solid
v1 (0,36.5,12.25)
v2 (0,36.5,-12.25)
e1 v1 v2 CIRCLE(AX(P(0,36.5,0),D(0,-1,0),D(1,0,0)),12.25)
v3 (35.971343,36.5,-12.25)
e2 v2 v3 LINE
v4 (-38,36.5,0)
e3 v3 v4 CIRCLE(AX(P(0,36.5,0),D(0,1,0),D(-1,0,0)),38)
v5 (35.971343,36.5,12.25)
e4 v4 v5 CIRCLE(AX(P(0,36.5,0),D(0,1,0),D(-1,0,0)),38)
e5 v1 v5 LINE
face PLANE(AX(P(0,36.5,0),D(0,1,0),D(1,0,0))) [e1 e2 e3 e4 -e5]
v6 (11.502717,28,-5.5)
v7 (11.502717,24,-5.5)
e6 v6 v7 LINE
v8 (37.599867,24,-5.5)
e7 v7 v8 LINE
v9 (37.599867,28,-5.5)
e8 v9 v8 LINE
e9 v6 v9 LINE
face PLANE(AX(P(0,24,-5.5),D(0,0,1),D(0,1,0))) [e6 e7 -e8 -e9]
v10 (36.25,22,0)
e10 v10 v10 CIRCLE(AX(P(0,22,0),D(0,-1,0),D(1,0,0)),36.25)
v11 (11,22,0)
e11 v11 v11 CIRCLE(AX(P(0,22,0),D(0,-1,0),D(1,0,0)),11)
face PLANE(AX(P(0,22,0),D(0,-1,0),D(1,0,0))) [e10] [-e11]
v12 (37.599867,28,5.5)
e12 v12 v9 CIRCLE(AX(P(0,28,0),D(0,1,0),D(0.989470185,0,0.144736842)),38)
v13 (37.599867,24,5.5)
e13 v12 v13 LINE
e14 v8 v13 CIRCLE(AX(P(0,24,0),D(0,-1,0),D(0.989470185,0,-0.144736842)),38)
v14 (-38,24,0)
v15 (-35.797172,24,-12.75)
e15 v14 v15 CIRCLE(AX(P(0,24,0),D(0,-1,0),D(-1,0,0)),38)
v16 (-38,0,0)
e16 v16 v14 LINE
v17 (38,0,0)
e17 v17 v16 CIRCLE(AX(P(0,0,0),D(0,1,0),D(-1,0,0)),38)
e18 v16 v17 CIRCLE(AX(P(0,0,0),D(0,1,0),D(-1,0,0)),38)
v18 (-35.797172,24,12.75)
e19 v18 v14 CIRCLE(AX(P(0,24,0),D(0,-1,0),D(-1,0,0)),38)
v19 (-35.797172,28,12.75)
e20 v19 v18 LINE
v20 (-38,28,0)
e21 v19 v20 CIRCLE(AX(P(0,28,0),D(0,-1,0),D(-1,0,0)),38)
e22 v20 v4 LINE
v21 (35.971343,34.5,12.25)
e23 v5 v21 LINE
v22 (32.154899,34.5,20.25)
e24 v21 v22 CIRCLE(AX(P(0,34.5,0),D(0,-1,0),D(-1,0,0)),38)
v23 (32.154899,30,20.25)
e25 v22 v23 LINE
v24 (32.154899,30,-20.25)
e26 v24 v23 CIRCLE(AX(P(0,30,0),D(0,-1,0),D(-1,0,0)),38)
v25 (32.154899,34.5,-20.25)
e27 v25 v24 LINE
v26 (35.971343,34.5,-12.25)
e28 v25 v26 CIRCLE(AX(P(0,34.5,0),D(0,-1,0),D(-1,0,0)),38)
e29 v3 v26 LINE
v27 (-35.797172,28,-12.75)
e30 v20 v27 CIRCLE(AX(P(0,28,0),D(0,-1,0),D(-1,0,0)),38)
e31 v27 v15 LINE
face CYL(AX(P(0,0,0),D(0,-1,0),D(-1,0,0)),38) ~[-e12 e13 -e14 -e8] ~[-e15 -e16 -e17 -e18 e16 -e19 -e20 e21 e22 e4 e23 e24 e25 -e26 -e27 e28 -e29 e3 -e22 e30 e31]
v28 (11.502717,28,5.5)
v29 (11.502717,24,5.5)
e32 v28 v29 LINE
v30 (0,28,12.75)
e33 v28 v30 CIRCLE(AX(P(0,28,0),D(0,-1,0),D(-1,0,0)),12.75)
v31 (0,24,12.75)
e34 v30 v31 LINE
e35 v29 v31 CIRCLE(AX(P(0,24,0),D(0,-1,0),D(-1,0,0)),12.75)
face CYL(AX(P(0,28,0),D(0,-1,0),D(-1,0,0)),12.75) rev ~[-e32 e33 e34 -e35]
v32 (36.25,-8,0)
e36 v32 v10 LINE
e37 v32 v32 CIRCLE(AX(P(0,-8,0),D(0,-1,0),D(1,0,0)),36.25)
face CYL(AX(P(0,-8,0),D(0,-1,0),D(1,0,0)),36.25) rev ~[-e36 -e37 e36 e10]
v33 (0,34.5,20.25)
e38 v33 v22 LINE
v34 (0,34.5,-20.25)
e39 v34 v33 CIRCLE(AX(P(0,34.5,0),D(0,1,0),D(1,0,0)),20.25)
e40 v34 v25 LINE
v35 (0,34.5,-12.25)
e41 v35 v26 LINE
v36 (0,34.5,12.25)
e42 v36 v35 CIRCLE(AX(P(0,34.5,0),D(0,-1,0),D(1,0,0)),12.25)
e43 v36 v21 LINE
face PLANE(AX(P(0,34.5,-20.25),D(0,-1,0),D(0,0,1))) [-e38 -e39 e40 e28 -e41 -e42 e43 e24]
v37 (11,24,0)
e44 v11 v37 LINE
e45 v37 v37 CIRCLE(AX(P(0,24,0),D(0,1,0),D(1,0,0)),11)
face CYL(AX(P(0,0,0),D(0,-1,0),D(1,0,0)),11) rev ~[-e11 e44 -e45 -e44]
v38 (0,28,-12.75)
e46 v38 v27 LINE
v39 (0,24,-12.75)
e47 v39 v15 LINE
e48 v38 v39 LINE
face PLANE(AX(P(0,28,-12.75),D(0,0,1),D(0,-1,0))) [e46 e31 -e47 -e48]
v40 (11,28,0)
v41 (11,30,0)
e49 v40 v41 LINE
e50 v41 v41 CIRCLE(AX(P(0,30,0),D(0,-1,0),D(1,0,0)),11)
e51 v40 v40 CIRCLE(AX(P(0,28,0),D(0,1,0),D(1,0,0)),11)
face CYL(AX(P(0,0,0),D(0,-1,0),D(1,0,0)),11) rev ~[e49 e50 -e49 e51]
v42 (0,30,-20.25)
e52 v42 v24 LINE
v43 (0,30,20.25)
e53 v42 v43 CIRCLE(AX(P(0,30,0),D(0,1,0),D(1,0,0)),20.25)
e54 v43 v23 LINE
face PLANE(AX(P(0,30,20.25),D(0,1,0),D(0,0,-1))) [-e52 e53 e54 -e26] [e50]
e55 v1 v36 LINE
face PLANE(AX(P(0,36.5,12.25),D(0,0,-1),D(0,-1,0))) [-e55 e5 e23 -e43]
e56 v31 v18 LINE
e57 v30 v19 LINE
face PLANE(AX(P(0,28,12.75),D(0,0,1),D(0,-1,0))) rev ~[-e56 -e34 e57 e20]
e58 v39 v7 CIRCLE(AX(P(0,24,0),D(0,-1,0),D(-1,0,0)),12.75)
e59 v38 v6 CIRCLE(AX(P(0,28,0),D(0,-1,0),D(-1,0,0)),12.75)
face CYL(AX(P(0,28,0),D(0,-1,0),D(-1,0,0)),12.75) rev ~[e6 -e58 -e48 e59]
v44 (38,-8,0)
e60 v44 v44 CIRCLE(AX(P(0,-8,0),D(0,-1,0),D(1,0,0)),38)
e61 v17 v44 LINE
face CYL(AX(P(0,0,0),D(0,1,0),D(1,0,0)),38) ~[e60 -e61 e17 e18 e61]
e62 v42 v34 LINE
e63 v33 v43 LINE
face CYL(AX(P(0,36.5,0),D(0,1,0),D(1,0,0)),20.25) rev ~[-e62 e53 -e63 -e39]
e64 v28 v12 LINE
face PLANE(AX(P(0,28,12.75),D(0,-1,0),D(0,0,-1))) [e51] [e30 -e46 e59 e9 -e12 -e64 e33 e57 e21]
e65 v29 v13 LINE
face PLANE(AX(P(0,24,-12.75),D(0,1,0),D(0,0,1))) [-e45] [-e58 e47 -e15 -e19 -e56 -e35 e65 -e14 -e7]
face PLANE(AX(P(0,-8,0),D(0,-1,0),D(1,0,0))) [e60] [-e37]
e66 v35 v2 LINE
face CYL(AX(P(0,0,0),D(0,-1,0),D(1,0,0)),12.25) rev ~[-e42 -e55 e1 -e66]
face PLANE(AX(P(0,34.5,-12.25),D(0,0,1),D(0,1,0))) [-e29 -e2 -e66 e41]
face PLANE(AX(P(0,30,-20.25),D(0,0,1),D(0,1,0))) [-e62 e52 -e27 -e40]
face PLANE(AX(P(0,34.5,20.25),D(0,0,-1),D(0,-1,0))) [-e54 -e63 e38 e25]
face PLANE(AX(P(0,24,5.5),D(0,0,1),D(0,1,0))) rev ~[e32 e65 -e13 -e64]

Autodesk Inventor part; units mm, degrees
ref_plane "YZ Plane" through (0, 0, 0) normal (1, 0, 0) x (0, 1, 0)
ref_plane "XZ Plane" through (0, 0, 0) normal (0, 1, 0) x (-1, 0, 0)
ref_plane "XY Plane" through (0, 0, 0) normal (0, 0, 1) x (1, 0, 0)
sketch "スケッチ1" plane through (0, 0, 0) normal (0, 1, 0) x (-1, 0, 0)
  circle A0 centre (0, 0) radius 38
  dimension "d0" = 76
extrude "押し出し1" add sketch "スケッチ1" along normal blind 36.5
sketch "スケッチ3" plane through (0, 36.5, 0) normal (0, 1, 0) x (1, 0, 0)
  circle A0 centre (0, 0) radius 20.25
  dimension "d6" = 40.5
extrude "押し出し3" cut sketch "スケッチ3" against normal blind 6.5
sketch "スケッチ4" plane through (0, 36.5, 0) normal (0, 1, 0) x (1, 0, 0)
  circle A0 centre (0, 0) radius 20.25
extrude "押し出し4" add sketch "スケッチ4" against normal blind 2
sketch "スケッチ6" plane through (0, 0, 0) normal (0, -1, 0) x (1, 0, 0)
  circle A0 centre (0, 0) radius 12.25
  dimension "d13" = 24.5
extrude "押し出し5" cut sketch "スケッチ6" against normal through all
sketch "スケッチ7" plane through (0, 0, 0) normal (1, 0, 0) x (0, 1, 0)
  line L0 (34.5, -20.25) -> (34.5, 20.25) projected
  line L1 (30, 20.25) -> (30, -20.25) projected
  line L2 (34.5, 20.25) -> (30, 20.25)
  line L3 (30, 20.25) -> (30, -20.25)
  line L4 (30, -20.25) -> (34.5, -20.25)
  line L5 (34.5, -20.25) -> (34.5, 20.25)
  point P0 (0, 0)
extrude "押し出し6" cut sketch "スケッチ7" along normal through all
sketch "スケッチ8" plane through (0, 0, 0) normal (1, 0, 0) x (0, 1, 0)
  line L0 (36.5, 12.25) -> (36.5, -12.25) projected
  line L1 (34.5, -12.25) -> (34.5, 12.25) projected
  line L2 (36.5, 12.25) -> (34.5, 12.25)
  line L3 (34.5, 12.25) -> (34.5, -12.25)
  line L4 (34.5, -12.25) -> (36.5, -12.25)
  line L5 (36.5, -12.25) -> (36.5, 12.25)
  point P0 (0, 0)
extrude "押し出し7" cut sketch "スケッチ8" along normal through all
sketch "スケッチ10" plane through (0, 0, 0) normal (0, -1, 0) x (1, 0, 0)
  circle A0 centre (0, 0) radius 12.25
extrude "押し出し9" add sketch "スケッチ10" against normal blind 30
sketch "スケッチ11" plane through (0, 0, 0) normal (0, -1, 0) x (1, 0, 0)
  circle A0 centre (0, 0) radius 11
  dimension "d25" = 22
extrude "押し出し10" cut sketch "スケッチ11" against normal through all
sketch "スケッチ13" plane through (0, 0, 0) normal (0, 0, 1) x (1, 0, 0)
  line L0 (-11, 30) -> (11, 30) projected
  line L1 (0, 30) -> (0, 28) construction
  line L2 (0, 28) -> (-12.75, 28)
  line L3 (-12.75, 28) -> (-12.75, 24)
  line L4 (-12.75, 24) -> (0, 24)
  line L5 (0, 24) -> (0, 28)
  line L6 (0, -7.3) -> (0, 43.8) projected
  point P0 (0, 0)
  dimension "d29" = 2
  dimension "d30" = 12.75
  dimension "d31" = 4
revolve "回転2" cut sketch "スケッチ13" angle 360 about axis through (0, -10, 0) along (0, -1, 0)
sketch "スケッチ14" plane through (0, 0, 0) normal (1, 0, 0) x (0, 1, 0)
  line L0 (28, 12.75) -> (24, 12.75) projected
  line L1 (28, -12.75) -> (24, -12.75) projected
  line L2 (24, 12.75) -> (28, 12.75)
  line L3 (28, 12.75) -> (28, -12.75)
  line L4 (28, -12.75) -> (24, -12.75)
  line L5 (24, -12.75) -> (24, 12.75)
  point P0 (0, 0)
extrude "押し出し11" cut sketch "スケッチ14" against normal through all
sketch "スケッチ15" plane through (0, 0, 0) normal (1, 0, 0) x (0, 1, 0)
  line L0 (24, 0) -> (24, -5.5)
  line L1 (24, -5.5) -> (28, -5.5)
  line L2 (28, -5.5) -> (28, 0)
  line L3 (24, 0) -> (24, 5.5)
  line L4 (24, 5.5) -> (28, 5.5)
  line L5 (28, 5.5) -> (28, 0)
  point P0 (0, 0)
  dimension "d35" = 4
  dimension "d36" = 5.5
extrude "押し出し12" cut sketch "スケッチ15" along normal through all
sketch "スケッチ16" plane through (0, 0, 0) normal (0, -1, 0) x (1, 0, 0)
  circle A0 centre (0, 0) radius 38
extrude "押し出し13" add sketch "スケッチ16" along normal blind 8
sketch "スケッチ17" plane through (0, -8, 0) normal (0, -1, 0) x (1, 0, 0)
  circle A0 centre (0, 0) radius 11
extrude "押し出し14" cut sketch "スケッチ17" against normal through all
sketch "スケッチ19" plane through (0, -8, 0) normal (0, -1, 0) x (1, 0, 0)
  circle A0 centre (0, 0) radius 36.25
  dimension "d44" = 72.5
extrude "押し出し15" cut sketch "スケッチ19" against normal blind 30
properties part number "lens-holder_LIBS" material "ABS プラスチック"
